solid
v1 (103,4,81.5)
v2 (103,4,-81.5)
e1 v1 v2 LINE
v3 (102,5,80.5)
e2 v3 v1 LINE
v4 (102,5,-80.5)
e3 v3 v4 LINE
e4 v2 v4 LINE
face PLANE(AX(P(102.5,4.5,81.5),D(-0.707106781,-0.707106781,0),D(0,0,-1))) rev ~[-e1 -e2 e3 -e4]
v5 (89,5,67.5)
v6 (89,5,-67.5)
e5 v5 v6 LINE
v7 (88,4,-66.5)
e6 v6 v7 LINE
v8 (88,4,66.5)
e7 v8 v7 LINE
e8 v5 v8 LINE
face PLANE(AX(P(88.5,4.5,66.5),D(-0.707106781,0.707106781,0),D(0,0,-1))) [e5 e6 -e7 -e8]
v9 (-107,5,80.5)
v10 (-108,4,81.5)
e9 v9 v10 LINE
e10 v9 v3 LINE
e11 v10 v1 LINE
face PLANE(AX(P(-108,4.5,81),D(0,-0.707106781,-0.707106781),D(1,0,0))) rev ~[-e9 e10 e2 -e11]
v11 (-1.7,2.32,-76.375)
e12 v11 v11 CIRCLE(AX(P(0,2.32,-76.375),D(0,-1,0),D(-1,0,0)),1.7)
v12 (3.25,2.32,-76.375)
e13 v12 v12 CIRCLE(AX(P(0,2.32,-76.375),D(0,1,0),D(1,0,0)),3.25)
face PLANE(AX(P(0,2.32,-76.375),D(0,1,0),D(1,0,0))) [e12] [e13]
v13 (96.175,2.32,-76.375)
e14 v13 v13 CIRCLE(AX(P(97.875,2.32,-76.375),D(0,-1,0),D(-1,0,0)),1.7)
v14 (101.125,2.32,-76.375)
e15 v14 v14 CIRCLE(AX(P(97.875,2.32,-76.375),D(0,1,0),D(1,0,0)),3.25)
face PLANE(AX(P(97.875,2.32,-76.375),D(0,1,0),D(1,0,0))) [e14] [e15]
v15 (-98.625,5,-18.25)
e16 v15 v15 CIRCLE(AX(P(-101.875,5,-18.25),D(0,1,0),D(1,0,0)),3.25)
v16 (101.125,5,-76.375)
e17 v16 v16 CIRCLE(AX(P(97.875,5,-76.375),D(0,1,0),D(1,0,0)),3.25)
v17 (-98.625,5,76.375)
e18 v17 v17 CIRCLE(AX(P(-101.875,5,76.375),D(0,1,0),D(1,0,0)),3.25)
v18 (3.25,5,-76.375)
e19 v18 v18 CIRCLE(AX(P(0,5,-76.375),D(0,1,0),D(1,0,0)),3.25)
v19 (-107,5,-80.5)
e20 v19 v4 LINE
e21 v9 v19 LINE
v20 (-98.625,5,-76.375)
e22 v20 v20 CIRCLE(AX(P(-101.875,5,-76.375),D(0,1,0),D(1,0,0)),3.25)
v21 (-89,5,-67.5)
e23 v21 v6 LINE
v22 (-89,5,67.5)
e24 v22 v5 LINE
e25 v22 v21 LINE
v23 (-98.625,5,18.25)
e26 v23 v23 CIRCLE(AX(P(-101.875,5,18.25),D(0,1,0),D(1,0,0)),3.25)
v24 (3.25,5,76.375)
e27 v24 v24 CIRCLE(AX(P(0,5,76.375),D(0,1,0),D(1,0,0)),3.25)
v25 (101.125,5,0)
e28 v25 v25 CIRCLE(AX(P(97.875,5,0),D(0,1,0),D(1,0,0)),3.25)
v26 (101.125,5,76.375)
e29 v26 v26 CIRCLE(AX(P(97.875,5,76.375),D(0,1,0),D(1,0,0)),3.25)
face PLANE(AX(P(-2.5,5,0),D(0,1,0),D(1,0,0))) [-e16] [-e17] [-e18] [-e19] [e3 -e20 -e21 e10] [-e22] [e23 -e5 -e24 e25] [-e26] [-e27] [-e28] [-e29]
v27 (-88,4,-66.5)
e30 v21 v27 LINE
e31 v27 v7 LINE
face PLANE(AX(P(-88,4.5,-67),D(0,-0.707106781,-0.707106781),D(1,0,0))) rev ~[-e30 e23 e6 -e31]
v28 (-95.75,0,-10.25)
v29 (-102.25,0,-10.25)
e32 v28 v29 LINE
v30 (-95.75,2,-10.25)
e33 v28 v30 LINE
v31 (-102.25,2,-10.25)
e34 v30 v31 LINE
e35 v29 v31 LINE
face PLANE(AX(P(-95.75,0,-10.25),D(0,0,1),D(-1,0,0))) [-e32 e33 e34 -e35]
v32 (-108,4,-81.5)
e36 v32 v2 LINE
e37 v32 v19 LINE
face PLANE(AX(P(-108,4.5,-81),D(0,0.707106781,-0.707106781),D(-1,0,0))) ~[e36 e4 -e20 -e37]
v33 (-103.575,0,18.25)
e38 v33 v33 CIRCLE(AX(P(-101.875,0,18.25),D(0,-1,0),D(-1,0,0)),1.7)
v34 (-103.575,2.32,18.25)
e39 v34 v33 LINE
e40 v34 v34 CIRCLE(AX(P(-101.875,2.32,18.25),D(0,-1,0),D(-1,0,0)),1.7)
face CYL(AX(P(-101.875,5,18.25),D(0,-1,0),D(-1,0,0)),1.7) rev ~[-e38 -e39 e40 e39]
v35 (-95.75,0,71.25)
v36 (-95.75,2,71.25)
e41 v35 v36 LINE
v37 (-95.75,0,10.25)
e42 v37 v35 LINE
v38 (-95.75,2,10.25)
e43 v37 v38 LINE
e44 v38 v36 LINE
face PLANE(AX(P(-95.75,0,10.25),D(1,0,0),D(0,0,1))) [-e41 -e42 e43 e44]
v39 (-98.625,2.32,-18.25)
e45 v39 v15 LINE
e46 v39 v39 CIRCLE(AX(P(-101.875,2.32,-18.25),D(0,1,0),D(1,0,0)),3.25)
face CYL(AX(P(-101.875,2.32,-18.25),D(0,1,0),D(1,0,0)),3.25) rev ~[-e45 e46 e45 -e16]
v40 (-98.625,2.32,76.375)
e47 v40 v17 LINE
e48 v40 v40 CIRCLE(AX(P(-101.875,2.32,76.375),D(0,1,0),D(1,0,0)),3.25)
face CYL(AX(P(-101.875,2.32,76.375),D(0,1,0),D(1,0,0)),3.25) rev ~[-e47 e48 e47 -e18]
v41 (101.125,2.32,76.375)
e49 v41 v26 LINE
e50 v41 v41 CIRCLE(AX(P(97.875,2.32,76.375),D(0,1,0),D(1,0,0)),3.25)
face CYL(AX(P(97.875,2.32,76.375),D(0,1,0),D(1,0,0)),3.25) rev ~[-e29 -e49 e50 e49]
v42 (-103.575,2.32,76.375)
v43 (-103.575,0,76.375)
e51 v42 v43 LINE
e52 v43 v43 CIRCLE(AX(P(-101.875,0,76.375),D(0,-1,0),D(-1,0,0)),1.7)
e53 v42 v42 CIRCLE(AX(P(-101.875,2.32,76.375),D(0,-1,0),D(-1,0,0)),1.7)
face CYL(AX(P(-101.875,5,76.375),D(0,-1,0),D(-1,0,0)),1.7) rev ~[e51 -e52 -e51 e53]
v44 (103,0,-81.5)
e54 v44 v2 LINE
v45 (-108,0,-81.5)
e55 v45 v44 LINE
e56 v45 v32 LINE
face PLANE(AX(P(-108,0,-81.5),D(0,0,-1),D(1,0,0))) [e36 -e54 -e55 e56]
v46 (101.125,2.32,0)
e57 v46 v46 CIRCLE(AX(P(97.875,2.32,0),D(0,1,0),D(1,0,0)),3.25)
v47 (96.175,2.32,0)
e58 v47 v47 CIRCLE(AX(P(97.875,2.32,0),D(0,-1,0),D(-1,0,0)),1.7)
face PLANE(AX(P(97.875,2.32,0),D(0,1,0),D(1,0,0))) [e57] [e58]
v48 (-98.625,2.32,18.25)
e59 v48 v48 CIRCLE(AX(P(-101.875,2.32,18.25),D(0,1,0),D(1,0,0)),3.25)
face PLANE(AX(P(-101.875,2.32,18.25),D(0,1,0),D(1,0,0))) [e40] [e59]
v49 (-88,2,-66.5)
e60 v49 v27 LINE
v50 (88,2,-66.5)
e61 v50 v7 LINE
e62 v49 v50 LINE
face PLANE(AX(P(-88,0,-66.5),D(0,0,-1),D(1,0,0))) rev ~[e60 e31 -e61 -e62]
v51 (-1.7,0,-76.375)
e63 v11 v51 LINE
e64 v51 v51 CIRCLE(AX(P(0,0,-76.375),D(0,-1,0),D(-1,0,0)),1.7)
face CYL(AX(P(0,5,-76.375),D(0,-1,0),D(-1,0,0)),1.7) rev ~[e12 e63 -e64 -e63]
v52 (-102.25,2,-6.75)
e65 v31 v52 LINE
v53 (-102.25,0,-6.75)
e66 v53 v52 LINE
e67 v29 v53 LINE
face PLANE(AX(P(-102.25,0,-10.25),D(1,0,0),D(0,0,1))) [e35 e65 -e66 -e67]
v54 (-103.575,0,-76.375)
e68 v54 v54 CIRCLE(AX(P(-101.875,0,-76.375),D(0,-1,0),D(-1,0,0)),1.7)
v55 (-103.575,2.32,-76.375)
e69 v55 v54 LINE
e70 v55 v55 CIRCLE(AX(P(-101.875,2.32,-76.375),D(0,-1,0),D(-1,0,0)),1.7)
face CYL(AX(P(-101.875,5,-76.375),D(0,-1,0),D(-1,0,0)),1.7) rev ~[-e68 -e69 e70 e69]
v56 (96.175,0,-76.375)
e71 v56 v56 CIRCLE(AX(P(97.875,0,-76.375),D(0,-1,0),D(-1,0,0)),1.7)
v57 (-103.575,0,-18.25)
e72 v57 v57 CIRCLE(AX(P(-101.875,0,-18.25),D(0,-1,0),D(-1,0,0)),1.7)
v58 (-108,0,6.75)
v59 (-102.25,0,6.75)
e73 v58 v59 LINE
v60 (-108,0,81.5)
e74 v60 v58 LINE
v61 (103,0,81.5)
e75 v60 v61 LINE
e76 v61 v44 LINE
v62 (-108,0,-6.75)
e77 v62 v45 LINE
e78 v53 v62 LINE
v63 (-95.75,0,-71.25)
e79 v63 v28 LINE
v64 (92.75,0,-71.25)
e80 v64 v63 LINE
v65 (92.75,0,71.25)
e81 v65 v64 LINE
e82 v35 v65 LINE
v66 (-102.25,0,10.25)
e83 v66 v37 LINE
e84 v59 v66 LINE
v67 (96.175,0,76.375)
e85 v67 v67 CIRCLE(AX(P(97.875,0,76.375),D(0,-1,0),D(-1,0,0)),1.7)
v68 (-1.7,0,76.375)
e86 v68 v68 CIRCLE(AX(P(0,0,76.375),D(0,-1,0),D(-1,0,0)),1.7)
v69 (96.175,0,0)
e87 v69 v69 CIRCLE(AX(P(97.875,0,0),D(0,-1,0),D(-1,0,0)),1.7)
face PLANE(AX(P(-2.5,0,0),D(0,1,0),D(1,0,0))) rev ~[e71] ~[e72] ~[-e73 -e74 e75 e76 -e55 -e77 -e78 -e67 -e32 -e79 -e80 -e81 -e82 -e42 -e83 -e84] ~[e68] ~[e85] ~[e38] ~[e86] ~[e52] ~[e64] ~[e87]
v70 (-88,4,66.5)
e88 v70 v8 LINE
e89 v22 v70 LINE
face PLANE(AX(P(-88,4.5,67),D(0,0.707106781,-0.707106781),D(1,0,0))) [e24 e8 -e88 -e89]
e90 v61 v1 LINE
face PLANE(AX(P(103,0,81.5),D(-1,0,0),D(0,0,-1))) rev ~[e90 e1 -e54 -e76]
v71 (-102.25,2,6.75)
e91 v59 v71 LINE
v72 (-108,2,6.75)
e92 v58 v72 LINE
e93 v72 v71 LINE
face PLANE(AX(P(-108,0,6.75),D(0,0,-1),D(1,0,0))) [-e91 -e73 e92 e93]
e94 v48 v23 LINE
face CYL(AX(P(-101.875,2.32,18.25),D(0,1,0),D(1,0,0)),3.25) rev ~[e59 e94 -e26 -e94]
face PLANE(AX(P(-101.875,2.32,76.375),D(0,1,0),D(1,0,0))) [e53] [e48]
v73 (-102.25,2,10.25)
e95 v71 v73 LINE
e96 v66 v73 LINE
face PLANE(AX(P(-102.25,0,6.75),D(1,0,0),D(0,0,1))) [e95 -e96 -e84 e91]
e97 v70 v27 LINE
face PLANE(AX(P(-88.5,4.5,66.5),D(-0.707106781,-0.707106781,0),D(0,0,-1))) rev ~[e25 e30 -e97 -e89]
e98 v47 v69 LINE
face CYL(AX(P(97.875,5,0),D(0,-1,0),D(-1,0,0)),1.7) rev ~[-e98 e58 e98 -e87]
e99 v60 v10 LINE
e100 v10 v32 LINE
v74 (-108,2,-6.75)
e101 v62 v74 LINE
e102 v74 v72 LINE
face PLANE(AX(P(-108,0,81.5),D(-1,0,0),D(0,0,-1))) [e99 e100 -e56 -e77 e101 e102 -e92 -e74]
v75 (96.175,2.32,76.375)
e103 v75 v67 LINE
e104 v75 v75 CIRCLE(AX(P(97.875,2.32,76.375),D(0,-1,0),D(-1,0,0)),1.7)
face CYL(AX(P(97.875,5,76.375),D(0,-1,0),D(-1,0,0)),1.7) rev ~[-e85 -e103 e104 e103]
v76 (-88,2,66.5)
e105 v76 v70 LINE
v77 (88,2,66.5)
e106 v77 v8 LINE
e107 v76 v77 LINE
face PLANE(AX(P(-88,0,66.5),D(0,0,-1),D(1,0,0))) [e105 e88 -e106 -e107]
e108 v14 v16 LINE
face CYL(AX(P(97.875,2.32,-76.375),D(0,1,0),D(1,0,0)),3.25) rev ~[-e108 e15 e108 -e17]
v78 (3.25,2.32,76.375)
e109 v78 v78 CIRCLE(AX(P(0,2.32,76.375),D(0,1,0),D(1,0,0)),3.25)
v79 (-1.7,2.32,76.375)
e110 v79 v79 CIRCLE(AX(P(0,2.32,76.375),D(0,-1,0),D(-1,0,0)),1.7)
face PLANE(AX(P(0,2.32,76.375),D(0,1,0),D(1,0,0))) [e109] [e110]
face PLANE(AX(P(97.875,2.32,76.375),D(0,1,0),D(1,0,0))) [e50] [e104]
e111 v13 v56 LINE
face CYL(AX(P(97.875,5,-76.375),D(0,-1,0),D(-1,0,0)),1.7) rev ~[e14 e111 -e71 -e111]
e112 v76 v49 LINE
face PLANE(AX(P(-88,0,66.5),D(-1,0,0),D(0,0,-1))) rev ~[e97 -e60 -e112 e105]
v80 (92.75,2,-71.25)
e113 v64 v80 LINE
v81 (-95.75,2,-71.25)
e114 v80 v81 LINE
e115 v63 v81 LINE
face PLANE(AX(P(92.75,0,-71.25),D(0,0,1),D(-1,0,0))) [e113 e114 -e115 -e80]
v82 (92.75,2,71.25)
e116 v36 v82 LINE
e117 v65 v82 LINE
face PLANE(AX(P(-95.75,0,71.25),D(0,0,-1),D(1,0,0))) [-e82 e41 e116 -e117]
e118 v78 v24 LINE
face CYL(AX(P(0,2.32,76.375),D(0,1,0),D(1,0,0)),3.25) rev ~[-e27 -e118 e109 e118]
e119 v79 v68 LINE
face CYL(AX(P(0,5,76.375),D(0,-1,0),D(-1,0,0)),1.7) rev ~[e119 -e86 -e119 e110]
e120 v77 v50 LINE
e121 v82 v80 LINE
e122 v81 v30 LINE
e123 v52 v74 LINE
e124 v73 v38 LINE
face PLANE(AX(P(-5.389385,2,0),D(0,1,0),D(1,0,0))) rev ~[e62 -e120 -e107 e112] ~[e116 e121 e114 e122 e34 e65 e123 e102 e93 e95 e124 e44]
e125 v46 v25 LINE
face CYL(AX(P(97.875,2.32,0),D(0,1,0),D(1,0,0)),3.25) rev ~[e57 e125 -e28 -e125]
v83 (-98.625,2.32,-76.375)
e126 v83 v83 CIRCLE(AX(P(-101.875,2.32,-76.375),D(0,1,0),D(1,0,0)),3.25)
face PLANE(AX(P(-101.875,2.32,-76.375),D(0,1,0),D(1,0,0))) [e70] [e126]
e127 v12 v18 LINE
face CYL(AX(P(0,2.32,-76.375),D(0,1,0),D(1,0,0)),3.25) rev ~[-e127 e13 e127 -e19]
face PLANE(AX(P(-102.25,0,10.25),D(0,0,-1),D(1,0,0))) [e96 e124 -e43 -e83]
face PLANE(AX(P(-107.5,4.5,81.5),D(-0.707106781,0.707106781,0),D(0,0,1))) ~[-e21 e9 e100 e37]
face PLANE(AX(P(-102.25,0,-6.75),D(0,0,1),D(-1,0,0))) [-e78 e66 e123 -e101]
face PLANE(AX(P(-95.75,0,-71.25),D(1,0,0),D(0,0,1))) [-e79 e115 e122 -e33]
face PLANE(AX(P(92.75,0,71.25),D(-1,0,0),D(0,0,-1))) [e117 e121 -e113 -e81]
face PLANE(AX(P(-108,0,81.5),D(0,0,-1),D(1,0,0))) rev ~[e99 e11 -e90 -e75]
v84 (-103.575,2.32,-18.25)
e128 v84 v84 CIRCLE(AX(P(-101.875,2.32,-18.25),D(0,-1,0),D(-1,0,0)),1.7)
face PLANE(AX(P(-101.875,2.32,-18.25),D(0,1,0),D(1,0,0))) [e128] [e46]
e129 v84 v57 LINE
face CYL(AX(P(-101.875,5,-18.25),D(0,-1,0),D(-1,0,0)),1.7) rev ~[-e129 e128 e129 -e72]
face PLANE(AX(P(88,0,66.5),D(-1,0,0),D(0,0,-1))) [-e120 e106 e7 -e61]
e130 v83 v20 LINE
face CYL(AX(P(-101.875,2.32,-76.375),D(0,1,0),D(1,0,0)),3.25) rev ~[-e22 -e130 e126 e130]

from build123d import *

# Parameters (mm, degrees)
SKETCH1_W                      = 211
SKETCH1_H                      = 163
SKETCH1_W_2                    = 176
SKETCH1_H_2                    = 133
BOSS_EXTRUDE1_DEPTH            = 5
CUT_EXTRUDE1_START             = -5
CUT_EXTRUDE1_DEPTH             = 2
CBORE_FOR_M3_SHCS1_D           = 3.4
CBORE_FOR_M3_SHCS1_DEPTH       = 5
CBORE_FOR_M3_SHCS1_CBORE_D     = 6.5
CBORE_FOR_M3_SHCS1_CBORE_DEPTH = 2.68
CHAMFER2_SIZE                  = 1


with BuildPart() as part:
    # Sketch1 → Boss-Extrude1 (new body)
    with BuildSketch(Plane(origin=(0, 0, 0), x_dir=(1, 0, 0), z_dir=(0, 1, 0))):
        with Locations((-2.5, 0)):
            Rectangle(SKETCH1_W, SKETCH1_H)
        Rectangle(SKETCH1_W_2, SKETCH1_H_2, mode=Mode.SUBTRACT)
    extrude(amount=BOSS_EXTRUDE1_DEPTH)

    # Sketch2 → Cut-Extrude1 (cut)
    with BuildSketch(Plane(origin=(0, 5, 0), x_dir=(1, 0, 0), z_dir=(0, 1, 0)).offset(CUT_EXTRUDE1_START)):
        Polygon((-95.75, -71.25), (92.75, -71.25), (92.75, 71.25), (-95.75, 71.25), (-95.75, 10.25), (-102.25, 10.25), (-102.25, 6.75), (-108, 6.75), (-108, -6.75), (-102.25, -6.75), (-102.25, -10.25), (-95.75, -10.25), align=None)
    extrude(amount=CUT_EXTRUDE1_DEPTH, mode=Mode.SUBTRACT)

    # CBORE for M3 SHCS1
    with Locations(Plane(origin=(0, 5, 0), x_dir=(1, 0, 0), z_dir=(0, 1, 0))):
        with Locations((-101.875, 76.375), (0, 76.375), (97.875, 76.375), (97.875, -76.375), (97.875, 0), (0, -76.375), (-101.875, -76.375), (-101.875, -18.25), (-101.875, 18.25)):
            CounterBoreHole(CBORE_FOR_M3_SHCS1_D / 2, CBORE_FOR_M3_SHCS1_CBORE_D / 2, CBORE_FOR_M3_SHCS1_CBORE_DEPTH, depth=CBORE_FOR_M3_SHCS1_DEPTH)

    # Chamfer2
    chamfer2_edges = [part.edges().sort_by_distance(p)[0] for p in [
        (-2.5, 5, 81.5),
        (0, 5, -66.5),
        (-88, 5, 0),
        (0, 5, 66.5),
        (-108, 5, 0),
        (88, 5, 0),
        (-2.5, 5, -81.5),
        (103, 5, 0),
    ]]
    chamfer(chamfer2_edges, length=CHAMFER2_SIZE)


solid = part.part
